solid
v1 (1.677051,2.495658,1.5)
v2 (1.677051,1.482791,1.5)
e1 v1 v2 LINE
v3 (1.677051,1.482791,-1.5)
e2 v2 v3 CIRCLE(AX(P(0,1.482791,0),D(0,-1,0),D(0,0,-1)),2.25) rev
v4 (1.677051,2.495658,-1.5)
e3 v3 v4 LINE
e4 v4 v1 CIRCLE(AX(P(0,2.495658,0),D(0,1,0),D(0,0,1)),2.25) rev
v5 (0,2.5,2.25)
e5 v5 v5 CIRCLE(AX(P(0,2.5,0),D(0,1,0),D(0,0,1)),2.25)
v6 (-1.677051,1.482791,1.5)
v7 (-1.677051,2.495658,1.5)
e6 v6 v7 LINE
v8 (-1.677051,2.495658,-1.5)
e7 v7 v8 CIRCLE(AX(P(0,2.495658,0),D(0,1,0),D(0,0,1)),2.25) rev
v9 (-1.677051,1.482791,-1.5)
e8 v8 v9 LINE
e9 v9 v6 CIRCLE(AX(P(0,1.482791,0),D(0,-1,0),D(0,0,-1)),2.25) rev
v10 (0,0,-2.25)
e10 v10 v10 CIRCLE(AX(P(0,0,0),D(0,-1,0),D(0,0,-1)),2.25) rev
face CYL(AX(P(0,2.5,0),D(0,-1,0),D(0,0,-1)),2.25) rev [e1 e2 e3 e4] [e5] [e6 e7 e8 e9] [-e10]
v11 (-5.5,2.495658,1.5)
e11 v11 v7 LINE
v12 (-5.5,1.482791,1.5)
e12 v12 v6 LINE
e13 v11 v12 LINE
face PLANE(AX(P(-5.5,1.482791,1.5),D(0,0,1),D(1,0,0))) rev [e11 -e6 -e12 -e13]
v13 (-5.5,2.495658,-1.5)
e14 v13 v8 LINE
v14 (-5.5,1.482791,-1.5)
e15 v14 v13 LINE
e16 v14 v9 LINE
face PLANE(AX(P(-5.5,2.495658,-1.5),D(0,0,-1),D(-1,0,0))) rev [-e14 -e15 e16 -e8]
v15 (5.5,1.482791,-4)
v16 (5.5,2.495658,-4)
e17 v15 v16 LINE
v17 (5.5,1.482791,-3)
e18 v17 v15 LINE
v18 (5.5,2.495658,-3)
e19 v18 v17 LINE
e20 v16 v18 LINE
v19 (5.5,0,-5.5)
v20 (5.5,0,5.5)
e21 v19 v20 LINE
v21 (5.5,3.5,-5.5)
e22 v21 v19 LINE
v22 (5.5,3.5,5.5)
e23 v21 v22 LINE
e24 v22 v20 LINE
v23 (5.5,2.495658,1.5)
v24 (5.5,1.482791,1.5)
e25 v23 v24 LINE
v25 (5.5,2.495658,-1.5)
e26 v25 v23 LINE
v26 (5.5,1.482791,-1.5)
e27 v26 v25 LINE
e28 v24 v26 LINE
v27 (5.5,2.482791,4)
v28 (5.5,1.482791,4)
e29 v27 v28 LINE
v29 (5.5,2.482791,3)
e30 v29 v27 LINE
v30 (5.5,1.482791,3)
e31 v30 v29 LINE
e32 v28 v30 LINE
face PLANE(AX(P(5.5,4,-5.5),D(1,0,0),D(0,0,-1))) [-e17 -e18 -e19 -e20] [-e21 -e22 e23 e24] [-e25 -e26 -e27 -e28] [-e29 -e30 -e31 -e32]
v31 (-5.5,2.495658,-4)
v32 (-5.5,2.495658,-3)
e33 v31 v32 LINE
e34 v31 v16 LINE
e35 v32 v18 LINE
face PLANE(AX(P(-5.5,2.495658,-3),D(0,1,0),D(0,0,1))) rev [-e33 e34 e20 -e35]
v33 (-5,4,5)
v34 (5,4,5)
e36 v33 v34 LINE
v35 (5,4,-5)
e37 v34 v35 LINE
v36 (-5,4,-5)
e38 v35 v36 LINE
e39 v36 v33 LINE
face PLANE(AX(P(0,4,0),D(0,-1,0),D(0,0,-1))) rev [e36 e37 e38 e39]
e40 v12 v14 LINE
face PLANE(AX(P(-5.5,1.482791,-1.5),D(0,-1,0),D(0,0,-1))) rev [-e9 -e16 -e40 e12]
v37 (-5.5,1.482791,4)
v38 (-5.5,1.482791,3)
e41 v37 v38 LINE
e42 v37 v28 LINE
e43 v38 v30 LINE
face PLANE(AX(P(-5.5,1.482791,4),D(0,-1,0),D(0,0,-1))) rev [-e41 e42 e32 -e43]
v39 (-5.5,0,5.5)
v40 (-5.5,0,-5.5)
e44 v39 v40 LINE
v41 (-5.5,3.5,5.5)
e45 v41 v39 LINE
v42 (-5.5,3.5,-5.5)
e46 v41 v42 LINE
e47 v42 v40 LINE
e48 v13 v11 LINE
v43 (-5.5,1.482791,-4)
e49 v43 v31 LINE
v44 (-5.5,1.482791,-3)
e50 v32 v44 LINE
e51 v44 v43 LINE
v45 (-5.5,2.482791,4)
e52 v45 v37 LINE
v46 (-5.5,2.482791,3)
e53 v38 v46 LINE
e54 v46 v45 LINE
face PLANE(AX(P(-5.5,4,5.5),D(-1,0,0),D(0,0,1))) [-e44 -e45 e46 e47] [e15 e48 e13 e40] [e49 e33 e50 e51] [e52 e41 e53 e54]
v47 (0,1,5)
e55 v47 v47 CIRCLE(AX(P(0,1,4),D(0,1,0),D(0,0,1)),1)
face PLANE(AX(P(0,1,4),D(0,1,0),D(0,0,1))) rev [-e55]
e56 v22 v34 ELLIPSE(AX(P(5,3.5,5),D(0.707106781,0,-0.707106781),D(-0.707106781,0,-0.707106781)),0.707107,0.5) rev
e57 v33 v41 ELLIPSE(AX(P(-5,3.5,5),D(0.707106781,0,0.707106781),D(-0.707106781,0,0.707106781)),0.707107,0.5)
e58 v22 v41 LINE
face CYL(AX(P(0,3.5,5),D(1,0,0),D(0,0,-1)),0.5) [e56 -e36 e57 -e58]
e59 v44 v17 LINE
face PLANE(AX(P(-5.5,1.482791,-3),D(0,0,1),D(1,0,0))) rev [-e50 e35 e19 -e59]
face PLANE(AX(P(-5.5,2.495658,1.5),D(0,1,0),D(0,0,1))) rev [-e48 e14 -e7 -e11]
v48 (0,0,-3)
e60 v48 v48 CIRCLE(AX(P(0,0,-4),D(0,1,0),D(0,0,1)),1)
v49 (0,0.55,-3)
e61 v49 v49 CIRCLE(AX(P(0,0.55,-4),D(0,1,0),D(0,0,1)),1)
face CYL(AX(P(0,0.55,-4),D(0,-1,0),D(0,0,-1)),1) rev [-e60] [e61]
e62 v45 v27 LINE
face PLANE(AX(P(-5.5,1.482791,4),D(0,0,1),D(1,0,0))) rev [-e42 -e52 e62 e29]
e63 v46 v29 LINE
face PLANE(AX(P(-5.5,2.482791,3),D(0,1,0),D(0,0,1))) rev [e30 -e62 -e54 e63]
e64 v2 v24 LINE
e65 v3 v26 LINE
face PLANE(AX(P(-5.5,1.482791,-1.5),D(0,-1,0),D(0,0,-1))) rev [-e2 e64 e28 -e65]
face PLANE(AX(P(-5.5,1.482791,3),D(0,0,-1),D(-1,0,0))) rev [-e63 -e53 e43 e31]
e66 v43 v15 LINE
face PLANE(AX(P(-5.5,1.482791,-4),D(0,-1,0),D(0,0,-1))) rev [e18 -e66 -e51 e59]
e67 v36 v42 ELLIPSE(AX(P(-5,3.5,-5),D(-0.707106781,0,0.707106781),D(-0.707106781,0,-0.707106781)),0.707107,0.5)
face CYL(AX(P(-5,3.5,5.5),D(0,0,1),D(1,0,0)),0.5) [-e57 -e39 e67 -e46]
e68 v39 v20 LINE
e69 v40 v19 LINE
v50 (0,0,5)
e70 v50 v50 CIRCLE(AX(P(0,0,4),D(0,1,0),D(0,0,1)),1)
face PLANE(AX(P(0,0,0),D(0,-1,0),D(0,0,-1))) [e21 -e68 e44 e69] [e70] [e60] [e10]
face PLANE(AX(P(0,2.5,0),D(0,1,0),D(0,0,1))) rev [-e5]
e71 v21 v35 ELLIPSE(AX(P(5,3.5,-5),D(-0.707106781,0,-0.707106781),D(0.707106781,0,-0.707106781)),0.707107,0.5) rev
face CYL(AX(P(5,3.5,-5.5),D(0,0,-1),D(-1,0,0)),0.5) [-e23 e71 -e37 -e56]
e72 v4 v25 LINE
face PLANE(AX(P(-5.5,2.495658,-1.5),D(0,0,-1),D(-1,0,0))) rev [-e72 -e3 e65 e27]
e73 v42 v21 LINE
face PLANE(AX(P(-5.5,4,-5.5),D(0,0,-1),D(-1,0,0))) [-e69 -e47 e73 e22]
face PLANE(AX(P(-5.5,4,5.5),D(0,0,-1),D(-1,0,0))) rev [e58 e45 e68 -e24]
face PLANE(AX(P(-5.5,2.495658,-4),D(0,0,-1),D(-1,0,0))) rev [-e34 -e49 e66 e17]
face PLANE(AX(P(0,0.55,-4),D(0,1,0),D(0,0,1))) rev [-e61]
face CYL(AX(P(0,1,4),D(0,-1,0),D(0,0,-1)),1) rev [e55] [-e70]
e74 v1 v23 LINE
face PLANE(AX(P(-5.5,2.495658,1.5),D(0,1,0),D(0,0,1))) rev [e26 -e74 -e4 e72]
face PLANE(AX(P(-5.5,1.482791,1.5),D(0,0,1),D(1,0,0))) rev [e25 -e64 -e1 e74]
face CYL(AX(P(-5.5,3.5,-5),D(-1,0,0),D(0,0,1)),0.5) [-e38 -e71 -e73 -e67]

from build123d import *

# Parameters (mm, degrees)
SKETCH2_W               = 11
SKETCH2_H               = 11
BOSS_EXTRUDE1_DEPTH     = 4
CUT_EXTRUDE2_DEPTH      = 9.746427842
CUT_EXTRUDE2_DEPTH_BACK = 9.746427842
SKETCH4_W               = 1
SKETCH4_H               = 1
SKETCH4_W_2             = 3
SKETCH4_H_2             = 1.012866832
CUT_EXTRUDE3_DEPTH      = 2.5
CUT_EXTRUDE3_DEPTH_BACK = 9.746427842
SKETCH5_R               = 2.25
SKETCH8_R               = 1
CUT_EXTRUDE4_DEPTH      = 1
SKETCH8_3_R             = 1
CUT_EXTRUDE5_DEPTH      = 0.55
FILLET2_R               = 0.5


with BuildPart() as part:
    # Sketch2 → Boss-Extrude1 (new body)
    with BuildSketch(Plane(origin=(0, 0, 0), x_dir=(1, 0, 0), z_dir=(0, 1, 0))):
        Rectangle(SKETCH2_W, SKETCH2_H)
    extrude(amount=BOSS_EXTRUDE1_DEPTH)

    # Sketch4 → Cut-Extrude2 (cut, two sides: drawn at the far end of the back side and taken through both)
    with BuildSketch(Plane(origin=(0, 0, 0), x_dir=(0, 0, -1), z_dir=(1, 0, 0)).offset(-CUT_EXTRUDE2_DEPTH_BACK)):
        with Locations((-3.5, 1.982791405)):
            Rectangle(SKETCH4_W, SKETCH4_H)
        with Locations((0, 1.989224821)):
            Rectangle(SKETCH4_W_2, SKETCH4_H_2)
        with Locations((3.5, 1.989224821)):
            Rectangle(SKETCH4_W, SKETCH4_H_2)
    extrude(amount=CUT_EXTRUDE2_DEPTH + CUT_EXTRUDE2_DEPTH_BACK, mode=Mode.SUBTRACT)

    # Sketch5 → Cut-Extrude3 (cut, two sides: drawn at the far end of the back side and taken through both)
    with BuildSketch(Plane(origin=(0, 0, 0), x_dir=(1, 0, 0), z_dir=(0, 1, 0)).offset(-CUT_EXTRUDE3_DEPTH_BACK)):
        Circle(SKETCH5_R)
    extrude(amount=CUT_EXTRUDE3_DEPTH + CUT_EXTRUDE3_DEPTH_BACK, mode=Mode.SUBTRACT)

    # Sketch8 → Cut-Extrude4 (cut)
    with BuildSketch(Plane(origin=(0, 0, 0), x_dir=(1, 0, 0), z_dir=(0, 1, 0))):
        with Locations((0, -4)):
            Circle(SKETCH8_R)
    extrude(amount=CUT_EXTRUDE4_DEPTH, mode=Mode.SUBTRACT)

    # Sketch8<3> → Cut-Extrude5 (cut)
    with BuildSketch(Plane(origin=(0, 0, 0), x_dir=(1, 0, 0), z_dir=(0, 1, 0))):
        with Locations((0, 4)):
            Circle(SKETCH8_3_R)
    extrude(amount=CUT_EXTRUDE5_DEPTH, mode=Mode.SUBTRACT)

    # Fillet2
    fillet2_edges = [part.edges().sort_by_distance(p)[0] for p in [
        (0, 4, 5.5),
        (-5.5, 4, 0),
        (0, 4, -5.5),
        (5.5, 4, 0),
    ]]
    fillet(fillet2_edges, radius=FILLET2_R)


solid = part.part
